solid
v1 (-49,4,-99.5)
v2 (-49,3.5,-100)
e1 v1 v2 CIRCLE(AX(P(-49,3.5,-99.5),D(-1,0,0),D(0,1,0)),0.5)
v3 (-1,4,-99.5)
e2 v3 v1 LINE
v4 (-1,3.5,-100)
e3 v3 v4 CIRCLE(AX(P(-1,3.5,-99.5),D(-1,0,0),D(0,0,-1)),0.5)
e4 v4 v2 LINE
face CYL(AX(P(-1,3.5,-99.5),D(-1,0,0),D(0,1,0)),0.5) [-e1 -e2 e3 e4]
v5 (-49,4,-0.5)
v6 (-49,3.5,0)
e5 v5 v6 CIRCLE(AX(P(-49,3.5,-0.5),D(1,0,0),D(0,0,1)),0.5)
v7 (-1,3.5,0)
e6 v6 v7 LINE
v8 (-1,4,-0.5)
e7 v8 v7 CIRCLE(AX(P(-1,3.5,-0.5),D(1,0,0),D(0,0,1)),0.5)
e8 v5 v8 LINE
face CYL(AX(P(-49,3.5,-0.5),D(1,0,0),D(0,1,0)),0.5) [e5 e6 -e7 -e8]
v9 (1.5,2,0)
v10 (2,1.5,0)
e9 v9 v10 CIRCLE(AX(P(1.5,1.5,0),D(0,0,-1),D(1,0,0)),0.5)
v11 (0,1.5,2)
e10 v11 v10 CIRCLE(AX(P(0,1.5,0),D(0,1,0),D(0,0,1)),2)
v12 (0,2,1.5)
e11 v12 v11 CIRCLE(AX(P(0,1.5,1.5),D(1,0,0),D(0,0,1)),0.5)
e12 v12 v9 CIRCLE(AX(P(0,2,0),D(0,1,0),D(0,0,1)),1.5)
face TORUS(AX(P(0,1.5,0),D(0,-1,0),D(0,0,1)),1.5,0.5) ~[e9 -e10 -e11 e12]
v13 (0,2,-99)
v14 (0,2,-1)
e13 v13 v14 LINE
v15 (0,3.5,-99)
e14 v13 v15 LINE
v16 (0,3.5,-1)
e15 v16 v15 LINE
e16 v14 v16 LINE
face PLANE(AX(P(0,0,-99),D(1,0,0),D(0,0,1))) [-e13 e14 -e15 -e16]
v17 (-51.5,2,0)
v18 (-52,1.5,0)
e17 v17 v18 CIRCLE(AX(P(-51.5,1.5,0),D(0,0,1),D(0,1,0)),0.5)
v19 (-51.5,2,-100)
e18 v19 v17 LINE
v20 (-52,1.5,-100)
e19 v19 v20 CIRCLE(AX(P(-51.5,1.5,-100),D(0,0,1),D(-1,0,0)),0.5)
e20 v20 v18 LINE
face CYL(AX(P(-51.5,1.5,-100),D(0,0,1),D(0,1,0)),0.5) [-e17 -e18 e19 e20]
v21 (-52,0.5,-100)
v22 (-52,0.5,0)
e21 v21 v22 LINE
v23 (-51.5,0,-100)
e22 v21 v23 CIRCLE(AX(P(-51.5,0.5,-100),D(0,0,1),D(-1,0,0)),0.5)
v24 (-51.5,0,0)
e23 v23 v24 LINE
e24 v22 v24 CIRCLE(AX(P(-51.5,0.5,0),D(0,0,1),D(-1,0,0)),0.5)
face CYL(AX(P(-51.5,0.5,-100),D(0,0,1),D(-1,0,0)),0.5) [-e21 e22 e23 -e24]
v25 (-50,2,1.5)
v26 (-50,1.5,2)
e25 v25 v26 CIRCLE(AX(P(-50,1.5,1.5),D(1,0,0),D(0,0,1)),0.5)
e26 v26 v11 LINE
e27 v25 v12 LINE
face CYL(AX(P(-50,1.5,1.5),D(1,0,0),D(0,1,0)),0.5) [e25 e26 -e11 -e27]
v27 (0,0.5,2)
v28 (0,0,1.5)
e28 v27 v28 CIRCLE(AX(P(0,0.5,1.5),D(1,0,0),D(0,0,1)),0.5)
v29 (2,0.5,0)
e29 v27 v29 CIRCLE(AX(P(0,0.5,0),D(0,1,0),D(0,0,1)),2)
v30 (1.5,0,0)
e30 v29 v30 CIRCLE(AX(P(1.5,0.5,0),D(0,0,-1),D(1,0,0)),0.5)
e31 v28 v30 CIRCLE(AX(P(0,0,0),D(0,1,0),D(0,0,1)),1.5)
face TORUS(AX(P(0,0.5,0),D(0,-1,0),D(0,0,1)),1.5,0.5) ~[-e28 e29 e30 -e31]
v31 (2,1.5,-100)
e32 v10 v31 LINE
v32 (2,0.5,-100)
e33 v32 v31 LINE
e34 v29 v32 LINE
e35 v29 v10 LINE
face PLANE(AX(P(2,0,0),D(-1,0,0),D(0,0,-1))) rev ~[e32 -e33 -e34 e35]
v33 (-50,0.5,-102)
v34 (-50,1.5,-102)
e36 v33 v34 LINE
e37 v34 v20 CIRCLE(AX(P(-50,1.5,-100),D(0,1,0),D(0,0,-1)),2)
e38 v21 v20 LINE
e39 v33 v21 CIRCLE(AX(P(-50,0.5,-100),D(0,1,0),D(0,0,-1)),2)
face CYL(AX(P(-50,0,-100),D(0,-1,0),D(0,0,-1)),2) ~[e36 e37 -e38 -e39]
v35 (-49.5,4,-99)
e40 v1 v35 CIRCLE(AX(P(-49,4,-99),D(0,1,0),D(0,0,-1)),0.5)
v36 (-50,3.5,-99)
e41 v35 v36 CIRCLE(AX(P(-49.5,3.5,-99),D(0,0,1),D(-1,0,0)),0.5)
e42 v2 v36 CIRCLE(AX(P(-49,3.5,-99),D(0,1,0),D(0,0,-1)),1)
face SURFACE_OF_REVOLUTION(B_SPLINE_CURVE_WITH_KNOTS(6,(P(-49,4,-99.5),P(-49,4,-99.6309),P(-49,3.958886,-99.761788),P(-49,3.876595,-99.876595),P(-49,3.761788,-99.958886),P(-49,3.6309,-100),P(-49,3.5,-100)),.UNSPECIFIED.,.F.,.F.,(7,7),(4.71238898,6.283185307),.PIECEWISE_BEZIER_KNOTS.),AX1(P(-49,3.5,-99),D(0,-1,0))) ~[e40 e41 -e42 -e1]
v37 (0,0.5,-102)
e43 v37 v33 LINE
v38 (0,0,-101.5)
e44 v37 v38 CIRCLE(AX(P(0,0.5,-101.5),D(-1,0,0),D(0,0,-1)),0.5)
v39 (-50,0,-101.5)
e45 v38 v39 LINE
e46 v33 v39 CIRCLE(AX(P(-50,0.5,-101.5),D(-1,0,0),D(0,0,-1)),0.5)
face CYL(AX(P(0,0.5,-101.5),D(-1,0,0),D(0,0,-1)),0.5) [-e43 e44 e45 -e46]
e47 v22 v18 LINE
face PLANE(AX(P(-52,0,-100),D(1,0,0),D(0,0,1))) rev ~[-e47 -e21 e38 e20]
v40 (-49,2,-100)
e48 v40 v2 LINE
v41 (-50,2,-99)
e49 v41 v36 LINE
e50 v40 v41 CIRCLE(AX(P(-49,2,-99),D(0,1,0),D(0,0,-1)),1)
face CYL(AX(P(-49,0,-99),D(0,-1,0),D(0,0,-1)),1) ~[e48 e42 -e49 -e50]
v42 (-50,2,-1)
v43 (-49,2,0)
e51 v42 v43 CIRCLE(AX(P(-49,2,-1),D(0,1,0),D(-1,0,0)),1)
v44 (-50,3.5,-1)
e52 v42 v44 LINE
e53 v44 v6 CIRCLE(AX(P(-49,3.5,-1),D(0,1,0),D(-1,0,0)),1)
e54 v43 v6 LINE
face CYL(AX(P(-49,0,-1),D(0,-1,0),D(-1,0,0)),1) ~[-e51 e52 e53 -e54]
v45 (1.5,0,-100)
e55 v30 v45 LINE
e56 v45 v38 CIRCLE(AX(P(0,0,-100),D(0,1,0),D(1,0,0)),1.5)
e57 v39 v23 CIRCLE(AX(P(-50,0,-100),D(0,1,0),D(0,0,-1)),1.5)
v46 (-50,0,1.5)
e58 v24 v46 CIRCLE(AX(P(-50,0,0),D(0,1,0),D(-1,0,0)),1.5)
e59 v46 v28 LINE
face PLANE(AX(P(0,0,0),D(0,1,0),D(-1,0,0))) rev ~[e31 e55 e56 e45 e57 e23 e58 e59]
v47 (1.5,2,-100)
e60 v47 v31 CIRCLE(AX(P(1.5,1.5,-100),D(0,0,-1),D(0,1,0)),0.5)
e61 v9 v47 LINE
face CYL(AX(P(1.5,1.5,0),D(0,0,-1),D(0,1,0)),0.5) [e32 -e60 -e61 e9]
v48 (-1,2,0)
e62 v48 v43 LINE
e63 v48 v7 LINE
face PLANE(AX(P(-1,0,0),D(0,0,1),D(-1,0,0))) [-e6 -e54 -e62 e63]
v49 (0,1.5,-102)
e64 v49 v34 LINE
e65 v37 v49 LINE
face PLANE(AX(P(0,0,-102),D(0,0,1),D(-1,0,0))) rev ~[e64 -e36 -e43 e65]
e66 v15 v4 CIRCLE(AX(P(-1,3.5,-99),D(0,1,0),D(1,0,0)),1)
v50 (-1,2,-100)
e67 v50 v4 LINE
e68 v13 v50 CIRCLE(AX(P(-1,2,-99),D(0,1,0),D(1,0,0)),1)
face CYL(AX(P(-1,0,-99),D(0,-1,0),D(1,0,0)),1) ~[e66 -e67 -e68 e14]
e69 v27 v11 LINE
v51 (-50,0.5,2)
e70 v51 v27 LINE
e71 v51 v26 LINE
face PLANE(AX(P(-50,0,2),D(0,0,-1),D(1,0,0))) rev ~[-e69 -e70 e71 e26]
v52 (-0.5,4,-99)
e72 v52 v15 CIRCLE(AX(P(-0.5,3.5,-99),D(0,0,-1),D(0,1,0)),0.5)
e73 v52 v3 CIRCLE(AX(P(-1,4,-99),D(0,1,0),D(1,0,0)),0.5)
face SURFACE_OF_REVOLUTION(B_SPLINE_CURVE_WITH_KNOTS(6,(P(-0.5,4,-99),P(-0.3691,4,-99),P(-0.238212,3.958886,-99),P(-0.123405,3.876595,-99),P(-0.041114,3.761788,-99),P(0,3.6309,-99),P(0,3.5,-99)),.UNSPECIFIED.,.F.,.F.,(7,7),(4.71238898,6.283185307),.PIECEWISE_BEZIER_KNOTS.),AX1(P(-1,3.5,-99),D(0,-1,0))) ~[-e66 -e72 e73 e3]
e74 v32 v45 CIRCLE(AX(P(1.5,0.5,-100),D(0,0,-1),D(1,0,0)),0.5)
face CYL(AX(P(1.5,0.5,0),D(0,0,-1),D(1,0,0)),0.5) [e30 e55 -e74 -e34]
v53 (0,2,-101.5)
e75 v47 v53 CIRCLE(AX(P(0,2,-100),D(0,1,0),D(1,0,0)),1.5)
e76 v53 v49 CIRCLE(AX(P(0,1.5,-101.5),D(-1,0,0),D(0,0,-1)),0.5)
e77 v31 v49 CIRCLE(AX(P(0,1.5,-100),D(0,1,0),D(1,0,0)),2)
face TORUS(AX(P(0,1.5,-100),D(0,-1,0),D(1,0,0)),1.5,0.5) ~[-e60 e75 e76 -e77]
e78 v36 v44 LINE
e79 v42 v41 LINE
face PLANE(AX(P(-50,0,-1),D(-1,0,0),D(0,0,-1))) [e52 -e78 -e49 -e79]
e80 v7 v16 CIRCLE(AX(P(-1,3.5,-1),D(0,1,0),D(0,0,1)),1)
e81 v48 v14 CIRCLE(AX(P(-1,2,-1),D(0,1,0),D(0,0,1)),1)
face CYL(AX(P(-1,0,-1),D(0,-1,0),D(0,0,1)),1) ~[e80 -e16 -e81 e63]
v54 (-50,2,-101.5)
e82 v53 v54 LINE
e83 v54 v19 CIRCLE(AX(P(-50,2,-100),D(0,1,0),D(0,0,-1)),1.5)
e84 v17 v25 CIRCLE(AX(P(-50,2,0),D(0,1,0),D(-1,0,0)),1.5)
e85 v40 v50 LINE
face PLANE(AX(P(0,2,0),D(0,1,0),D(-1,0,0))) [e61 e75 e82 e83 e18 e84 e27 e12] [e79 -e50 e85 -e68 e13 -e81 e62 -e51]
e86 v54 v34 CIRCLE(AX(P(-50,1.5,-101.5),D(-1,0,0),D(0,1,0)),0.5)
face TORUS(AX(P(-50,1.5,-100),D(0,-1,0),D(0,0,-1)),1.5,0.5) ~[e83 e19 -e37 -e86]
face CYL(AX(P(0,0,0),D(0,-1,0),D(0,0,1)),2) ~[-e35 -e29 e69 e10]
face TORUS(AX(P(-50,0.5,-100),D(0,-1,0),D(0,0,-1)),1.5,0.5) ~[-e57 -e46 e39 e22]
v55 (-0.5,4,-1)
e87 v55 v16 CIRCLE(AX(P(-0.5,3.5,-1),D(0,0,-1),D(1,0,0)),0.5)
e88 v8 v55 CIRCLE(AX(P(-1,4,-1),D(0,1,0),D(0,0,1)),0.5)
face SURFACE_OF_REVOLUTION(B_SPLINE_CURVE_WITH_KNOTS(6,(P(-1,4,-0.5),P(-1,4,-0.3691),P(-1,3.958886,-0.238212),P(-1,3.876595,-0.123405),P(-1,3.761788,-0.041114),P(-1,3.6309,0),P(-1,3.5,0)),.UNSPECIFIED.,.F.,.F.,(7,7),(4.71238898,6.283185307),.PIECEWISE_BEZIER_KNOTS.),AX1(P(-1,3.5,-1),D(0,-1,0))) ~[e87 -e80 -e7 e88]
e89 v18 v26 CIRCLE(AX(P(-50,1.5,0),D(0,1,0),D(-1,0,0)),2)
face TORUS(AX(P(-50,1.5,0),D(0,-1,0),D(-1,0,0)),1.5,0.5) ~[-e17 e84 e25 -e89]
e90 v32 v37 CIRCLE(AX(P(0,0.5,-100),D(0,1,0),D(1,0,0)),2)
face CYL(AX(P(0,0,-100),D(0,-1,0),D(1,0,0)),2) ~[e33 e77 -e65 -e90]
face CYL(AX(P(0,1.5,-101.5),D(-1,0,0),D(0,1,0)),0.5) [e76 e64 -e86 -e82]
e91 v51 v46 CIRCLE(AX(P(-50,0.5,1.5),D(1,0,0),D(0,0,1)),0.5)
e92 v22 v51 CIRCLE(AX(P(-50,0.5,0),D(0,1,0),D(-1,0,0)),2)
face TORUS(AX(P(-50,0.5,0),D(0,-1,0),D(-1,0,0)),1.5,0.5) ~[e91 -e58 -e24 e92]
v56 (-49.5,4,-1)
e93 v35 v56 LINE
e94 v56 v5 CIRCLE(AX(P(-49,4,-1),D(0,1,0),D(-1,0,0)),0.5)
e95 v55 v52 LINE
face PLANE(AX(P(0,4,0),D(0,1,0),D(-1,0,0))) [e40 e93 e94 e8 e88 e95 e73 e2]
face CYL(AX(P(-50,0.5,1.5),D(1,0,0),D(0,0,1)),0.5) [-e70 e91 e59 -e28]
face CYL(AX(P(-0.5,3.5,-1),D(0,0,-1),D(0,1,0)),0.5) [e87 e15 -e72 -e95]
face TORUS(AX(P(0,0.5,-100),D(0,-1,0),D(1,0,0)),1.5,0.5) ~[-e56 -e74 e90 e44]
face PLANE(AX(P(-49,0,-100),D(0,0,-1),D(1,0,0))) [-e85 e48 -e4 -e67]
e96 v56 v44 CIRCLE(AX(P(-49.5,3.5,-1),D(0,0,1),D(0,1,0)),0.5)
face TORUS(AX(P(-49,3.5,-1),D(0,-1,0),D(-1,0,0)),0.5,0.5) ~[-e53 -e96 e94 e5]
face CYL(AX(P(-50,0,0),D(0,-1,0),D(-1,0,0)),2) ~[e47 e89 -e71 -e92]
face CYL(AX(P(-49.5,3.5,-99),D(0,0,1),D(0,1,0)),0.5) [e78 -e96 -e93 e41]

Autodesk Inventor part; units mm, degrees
ref_plane "YZ Plane" through (0, 0, 0) normal (1, 0, 0) x (0, 1, 0)
ref_plane "XZ Plane" through (0, 0, 0) normal (0, 1, 0) x (-1, 0, 0)
ref_plane "XY Plane" through (0, 0, 0) normal (0, 0, 1) x (1, 0, 0)
sketch "Sketch1" plane through (0, 0, 0) normal (0, 1, 0) x (-1, 0, 0)
  line L0 (1, 0) -> (49, 0)
  line L1 (50, -1) -> (50, -99)
  line L2 (49, -100) -> (1, -100)
  line L3 (0, -99) -> (0, -1)
  line L4 (50, 2) -> (0, 2)
  line L5 (-2, 0) -> (-2, -100)
  line L6 (0, -102) -> (50, -102)
  line L7 (52, -100) -> (52, 0)
  arc A0 (52, 0) -> (50, 2) centre (50, 0) ccw
  arc A1 (0, 2) -> (-2, 0) centre (0, 0) ccw
  arc A2 (-2, -100) -> (0, -102) centre (0, -100) ccw
  arc A3 (50, -102) -> (52, -100) centre (50, -100) ccw
  arc A4 (50, -1) -> (49, 0) centre (49, -1) ccw
  arc A5 (1, 0) -> (0, -1) centre (1, -1) ccw
  arc A6 (0, -99) -> (1, -100) centre (1, -99) ccw
  arc A7 (49, -100) -> (50, -99) centre (49, -99) ccw
  point P0 (0, 0)
  point P1 (50, -100)
  point P2 (50, 0)
  point P3 (0, -100)
  point P4 (-2, -102)
  point P5 (-2, 2)
  point P6 (52, -102)
  dimension "d0" = 50
  dimension "d1" = 100
  dimension "d2" = 54
  dimension "d3" = 104
  dimension "d4" = 2
  dimension "d5" = 2
  dimension "d6" = 2
  dimension "d7" = 1
extrude "Extrusion1" add sketch "Sketch1" along normal blind 4 contours L0 A4 L1 A7 L2 A6 L3 A5
extrude "Extrusion2" add sketch "Sketch1" along normal blind 2
fillet "Fillet1" radius 0.5 24 edges at (-0.2929, 4, -0.2929) (0, 4, -50) (-0.2929, 4, -99.7071) (-25, 4, -100) (-49.7071, 4, -99.7071) (-50, 4, -50) (-49.7071, 4, -0.2929) (-25, 4, 0) (1.4142, 2, 1.4142) (2, 2, -50) (1.4142, 2, -101.4142) (-25, 2, -102) (-51.4142, 2, -101.4142) (-52, 2, -50) (-51.4142, 2, 1.4142) (-25, 2, 2) (1.4142, 0, 1.4142) (2, 0, -50) (1.4142, 0, -101.4142) (-25, 0, -102) (-51.4142, 0, -101.4142) (-52, 0, -50) (-51.4142, 0, 1.4142) (-25, 0, 2)
properties part number "connection box lid"
